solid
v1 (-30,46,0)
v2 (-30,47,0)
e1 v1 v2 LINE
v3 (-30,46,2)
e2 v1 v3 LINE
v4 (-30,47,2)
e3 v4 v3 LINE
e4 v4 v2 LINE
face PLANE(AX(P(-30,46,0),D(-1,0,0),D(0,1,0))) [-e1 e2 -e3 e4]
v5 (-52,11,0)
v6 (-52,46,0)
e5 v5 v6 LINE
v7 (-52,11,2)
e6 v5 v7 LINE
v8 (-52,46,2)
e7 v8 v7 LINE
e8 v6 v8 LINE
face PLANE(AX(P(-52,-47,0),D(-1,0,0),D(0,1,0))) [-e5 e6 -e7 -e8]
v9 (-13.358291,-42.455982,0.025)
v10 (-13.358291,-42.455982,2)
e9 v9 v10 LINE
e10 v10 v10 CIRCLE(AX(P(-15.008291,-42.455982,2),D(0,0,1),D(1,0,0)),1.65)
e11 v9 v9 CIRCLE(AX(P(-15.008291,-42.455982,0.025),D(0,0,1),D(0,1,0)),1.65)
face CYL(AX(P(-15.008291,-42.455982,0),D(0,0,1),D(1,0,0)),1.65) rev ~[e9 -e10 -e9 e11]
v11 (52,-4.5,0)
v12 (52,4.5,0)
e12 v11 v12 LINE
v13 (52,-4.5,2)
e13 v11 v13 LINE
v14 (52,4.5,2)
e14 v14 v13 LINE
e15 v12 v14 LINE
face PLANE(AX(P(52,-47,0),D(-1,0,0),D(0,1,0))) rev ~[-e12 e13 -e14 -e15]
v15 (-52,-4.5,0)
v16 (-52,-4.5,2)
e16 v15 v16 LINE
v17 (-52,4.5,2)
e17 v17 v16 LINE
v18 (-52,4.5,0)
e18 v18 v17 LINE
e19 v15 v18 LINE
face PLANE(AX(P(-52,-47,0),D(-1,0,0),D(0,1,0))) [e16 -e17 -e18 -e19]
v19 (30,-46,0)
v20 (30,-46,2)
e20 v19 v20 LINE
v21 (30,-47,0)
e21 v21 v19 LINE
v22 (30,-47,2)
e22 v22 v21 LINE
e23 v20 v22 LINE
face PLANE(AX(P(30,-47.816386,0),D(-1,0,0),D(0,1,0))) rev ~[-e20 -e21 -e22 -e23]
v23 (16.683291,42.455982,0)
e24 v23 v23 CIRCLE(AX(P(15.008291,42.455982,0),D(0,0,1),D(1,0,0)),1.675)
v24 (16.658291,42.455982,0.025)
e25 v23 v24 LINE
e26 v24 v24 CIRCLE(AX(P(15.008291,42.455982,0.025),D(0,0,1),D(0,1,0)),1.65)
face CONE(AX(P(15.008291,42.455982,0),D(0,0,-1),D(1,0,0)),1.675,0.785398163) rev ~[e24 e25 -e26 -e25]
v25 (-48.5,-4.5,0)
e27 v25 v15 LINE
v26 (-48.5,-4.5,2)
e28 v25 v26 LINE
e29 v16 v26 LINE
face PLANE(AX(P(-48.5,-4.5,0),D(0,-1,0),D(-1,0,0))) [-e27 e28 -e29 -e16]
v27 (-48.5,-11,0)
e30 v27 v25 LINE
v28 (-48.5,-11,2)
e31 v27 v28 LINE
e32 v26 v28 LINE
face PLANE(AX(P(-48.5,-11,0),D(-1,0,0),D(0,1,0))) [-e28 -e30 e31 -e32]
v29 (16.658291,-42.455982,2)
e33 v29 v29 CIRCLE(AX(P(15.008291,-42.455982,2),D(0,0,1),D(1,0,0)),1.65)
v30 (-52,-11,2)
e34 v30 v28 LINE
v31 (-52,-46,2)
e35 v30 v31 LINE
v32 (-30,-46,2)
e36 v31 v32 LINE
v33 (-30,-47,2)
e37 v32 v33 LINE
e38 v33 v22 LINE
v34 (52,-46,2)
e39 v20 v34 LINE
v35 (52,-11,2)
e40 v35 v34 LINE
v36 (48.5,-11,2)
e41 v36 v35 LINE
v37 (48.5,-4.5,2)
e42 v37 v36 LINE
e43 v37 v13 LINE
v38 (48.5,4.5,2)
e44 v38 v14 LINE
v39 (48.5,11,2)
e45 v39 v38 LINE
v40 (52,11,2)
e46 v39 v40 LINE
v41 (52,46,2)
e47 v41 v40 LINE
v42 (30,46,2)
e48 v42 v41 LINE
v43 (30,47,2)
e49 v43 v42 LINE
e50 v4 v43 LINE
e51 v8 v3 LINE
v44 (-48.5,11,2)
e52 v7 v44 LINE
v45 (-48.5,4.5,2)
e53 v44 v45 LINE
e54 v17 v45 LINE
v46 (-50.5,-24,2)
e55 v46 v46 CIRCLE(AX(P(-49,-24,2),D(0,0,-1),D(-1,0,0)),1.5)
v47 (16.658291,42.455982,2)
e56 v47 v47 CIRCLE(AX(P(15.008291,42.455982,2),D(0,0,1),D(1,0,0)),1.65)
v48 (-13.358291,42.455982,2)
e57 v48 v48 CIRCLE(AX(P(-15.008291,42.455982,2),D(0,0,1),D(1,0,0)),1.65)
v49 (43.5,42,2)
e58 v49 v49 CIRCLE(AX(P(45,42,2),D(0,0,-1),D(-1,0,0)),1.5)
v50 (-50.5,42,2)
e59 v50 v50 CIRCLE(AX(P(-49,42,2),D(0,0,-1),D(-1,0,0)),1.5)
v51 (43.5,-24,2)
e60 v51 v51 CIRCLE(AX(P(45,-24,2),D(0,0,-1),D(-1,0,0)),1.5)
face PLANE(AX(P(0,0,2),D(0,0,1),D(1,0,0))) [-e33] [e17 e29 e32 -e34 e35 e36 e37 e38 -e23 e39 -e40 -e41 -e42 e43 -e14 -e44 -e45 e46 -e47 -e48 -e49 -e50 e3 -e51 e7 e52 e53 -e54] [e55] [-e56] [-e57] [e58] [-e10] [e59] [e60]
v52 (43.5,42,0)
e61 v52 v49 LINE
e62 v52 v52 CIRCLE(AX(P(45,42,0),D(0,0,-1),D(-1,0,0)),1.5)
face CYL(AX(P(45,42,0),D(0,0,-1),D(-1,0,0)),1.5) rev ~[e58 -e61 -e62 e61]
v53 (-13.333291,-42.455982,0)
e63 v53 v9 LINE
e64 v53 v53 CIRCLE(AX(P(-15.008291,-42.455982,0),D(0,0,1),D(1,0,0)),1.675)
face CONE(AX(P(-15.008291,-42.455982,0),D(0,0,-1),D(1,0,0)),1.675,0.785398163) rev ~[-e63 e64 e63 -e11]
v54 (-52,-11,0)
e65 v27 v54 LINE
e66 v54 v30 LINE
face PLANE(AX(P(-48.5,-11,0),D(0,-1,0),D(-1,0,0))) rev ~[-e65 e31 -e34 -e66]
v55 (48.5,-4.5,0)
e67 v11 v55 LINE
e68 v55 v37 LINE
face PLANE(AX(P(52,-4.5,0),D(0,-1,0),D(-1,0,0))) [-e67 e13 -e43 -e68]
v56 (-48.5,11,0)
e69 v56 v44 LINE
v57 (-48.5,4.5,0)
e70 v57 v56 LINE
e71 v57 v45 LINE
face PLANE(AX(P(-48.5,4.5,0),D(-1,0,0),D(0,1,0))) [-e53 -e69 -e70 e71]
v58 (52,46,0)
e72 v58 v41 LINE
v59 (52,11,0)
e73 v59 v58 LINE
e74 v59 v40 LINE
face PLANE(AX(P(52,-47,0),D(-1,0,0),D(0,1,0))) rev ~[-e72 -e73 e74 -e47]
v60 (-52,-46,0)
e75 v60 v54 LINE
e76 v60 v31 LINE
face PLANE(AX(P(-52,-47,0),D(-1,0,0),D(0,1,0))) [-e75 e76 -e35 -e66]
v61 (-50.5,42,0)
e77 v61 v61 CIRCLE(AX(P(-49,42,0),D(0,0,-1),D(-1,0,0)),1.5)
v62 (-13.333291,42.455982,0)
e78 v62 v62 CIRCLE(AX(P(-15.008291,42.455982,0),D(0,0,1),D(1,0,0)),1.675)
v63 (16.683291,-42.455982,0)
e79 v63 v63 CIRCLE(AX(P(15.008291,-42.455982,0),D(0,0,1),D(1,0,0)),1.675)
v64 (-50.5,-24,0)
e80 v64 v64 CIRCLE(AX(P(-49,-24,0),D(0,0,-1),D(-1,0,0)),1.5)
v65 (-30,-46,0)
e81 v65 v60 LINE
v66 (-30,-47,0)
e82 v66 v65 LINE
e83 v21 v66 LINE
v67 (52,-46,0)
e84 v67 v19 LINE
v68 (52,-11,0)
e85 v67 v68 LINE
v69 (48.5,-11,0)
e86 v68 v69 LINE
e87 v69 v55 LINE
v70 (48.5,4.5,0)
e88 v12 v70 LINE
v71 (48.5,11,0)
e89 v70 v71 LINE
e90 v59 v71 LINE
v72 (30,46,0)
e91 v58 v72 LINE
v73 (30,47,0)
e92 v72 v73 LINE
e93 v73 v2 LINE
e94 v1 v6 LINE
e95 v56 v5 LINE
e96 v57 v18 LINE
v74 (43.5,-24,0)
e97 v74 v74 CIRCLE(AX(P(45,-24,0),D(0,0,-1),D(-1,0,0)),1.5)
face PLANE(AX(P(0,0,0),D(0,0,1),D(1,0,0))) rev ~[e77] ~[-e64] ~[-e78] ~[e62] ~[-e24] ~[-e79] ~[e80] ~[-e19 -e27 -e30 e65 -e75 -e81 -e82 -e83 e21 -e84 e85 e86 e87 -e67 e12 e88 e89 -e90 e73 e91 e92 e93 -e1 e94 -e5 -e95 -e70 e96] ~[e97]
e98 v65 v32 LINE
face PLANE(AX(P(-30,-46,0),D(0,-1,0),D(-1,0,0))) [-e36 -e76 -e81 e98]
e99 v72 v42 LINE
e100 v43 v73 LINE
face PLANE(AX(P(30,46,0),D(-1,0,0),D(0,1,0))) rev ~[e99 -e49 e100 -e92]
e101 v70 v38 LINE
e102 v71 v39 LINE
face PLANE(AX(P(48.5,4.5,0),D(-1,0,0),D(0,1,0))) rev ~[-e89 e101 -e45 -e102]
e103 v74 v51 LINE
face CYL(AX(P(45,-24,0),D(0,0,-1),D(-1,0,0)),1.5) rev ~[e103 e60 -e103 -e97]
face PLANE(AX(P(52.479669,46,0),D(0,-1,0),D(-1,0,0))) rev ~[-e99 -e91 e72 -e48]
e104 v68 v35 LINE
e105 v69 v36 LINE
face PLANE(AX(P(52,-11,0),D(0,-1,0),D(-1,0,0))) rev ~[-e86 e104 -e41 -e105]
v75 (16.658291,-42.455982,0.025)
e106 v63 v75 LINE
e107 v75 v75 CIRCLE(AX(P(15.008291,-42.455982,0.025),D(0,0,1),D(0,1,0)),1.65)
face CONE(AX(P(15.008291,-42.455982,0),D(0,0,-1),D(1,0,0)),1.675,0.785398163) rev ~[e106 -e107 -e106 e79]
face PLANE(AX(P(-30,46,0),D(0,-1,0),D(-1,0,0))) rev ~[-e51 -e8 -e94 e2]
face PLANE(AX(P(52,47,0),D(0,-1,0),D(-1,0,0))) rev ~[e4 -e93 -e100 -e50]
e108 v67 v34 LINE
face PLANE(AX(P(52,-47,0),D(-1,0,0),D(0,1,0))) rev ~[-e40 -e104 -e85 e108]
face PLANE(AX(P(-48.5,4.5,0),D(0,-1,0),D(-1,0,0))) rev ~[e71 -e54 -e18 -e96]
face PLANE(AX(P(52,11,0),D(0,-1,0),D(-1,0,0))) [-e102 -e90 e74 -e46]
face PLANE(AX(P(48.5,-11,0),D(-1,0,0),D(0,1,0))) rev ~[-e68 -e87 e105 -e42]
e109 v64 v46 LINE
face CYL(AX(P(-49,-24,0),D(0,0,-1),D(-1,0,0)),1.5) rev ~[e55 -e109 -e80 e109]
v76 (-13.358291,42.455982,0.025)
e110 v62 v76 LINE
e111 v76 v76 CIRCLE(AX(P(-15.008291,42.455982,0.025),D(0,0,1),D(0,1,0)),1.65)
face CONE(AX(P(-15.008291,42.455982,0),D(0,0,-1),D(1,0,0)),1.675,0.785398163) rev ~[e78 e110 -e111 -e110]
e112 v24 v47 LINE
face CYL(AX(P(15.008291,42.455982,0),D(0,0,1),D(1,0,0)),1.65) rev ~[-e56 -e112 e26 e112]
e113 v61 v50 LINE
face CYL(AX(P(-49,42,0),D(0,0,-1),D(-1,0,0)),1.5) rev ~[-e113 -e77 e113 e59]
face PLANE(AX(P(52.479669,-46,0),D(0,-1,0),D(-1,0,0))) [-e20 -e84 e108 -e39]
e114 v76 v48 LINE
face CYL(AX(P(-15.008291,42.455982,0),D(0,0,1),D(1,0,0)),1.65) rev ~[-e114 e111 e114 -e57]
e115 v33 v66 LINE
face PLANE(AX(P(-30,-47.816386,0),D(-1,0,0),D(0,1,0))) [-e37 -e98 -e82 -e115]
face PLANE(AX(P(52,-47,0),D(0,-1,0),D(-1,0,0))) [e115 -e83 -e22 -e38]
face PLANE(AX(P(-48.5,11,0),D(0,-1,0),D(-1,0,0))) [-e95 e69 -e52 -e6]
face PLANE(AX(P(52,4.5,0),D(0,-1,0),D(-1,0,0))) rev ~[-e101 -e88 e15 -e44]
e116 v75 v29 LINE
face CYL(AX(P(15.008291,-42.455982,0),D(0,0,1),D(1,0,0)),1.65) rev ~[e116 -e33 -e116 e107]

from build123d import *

# Parameters (mm, degrees)
SKETCH1_W                             = 106
SKETCH1_H                             = 95
BOSS_EXTRUDE1_DEPTH                   = 2
SKETCH4_W                             = 128.277926748
SKETCH4_H                             = 110.461548034
SKETCH4_W_2                           = 104
SKETCH4_H_2                           = 94
CUT_EXTRUDE1_DEPTH                    = 10
SKETCH6_W                             = 3.5
SKETCH6_H                             = 6.5
SKETCH6_W_2                           = 22.479668753
SKETCH6_H_2                           = 1.816385789
CUT_EXTRUDE2_DEPTH                    = 5
SKETCH8_R                             = 1.5
CUT_EXTRUDE3_DEPTH                    = 5
TAP_DRILL_FOR_M4X0_7_TAP2_D           = 3.3
TAP_DRILL_FOR_M4X0_7_TAP2_DEPTH       = 10
TAP_DRILL_FOR_M4X0_7_TAP2_CSINK_D     = 3.35
TAP_DRILL_FOR_M4X0_7_TAP2_CSINK_ANGLE = 90
TAP_DRILL_FOR_M4X0_7_TAP2_TIP         = 0.991420021


with BuildPart() as part:
    # Sketch1 → Boss-Extrude1 (new body)
    with BuildSketch(Plane.XY):
        Rectangle(SKETCH1_W, SKETCH1_H)
    extrude(amount=BOSS_EXTRUDE1_DEPTH)

    # Sketch4 → Cut-Extrude1 (cut)
    with BuildSketch(Plane(origin=(0, 0, 0), x_dir=(-1, 0, 0), z_dir=(0, 0, -1))):
        Rectangle(SKETCH4_W, SKETCH4_H)
        Rectangle(SKETCH4_W_2, SKETCH4_H_2, mode=Mode.SUBTRACT)
    extrude(amount=-CUT_EXTRUDE1_DEPTH, mode=Mode.SUBTRACT)

    # Sketch6 → Cut-Extrude2 (cut)
    with BuildSketch(Plane(origin=(0, 0, 0), x_dir=(-1, 0, 0), z_dir=(0, 0, -1))):
        with Locations((-50.25, -7.75)):
            Rectangle(SKETCH6_W, SKETCH6_H)
        with Locations((-50.25, 7.75)):
            Rectangle(SKETCH6_W, SKETCH6_H)
        with Locations((50.25, -7.75)):
            Rectangle(SKETCH6_W, SKETCH6_H)
        with Locations((50.25, 7.75)):
            Rectangle(SKETCH6_W, SKETCH6_H)
        with Locations((-41.239834377, -46.908192895)):
            Rectangle(SKETCH6_W_2, SKETCH6_H_2)
        with Locations((41.239834377, -46.908192895)):
            Rectangle(SKETCH6_W_2, SKETCH6_H_2)
        with Locations((-41.239834377, 46.908192895)):
            Rectangle(SKETCH6_W_2, SKETCH6_H_2)
        with Locations((41.239834377, 46.908192895)):
            Rectangle(SKETCH6_W_2, SKETCH6_H_2)
    extrude(amount=-CUT_EXTRUDE2_DEPTH, mode=Mode.SUBTRACT)

    # Sketch8 → Cut-Extrude3 (cut)
    with BuildSketch(Plane(origin=(0, 0, 0), x_dir=(-1, 0, 0), z_dir=(0, 0, -1))):
        with Locations((-45, 42)):
            Circle(SKETCH8_R)
        with Locations((-45, -24)):
            Circle(SKETCH8_R)
        with Locations((49, 42)):
            Circle(SKETCH8_R)
        with Locations((49, -24)):
            Circle(SKETCH8_R)
    extrude(amount=-CUT_EXTRUDE3_DEPTH, mode=Mode.SUBTRACT)

    # Tap Drill for M4x0.7 Tap2
    with Locations(Plane(origin=(0, 0, 0), x_dir=(-1, 0, 0), z_dir=(0, 0, -1))):
        with Locations((-15.008290978, 42.455982414), (-15.008290978, -42.455982414), (15.008290978, -42.455982414), (15.008290978, 42.455982414)):
            CounterSinkHole(TAP_DRILL_FOR_M4X0_7_TAP2_D / 2, TAP_DRILL_FOR_M4X0_7_TAP2_CSINK_D / 2, depth=TAP_DRILL_FOR_M4X0_7_TAP2_DEPTH, counter_sink_angle=TAP_DRILL_FOR_M4X0_7_TAP2_CSINK_ANGLE)
            with Locations((0, 0, -(TAP_DRILL_FOR_M4X0_7_TAP2_DEPTH + TAP_DRILL_FOR_M4X0_7_TAP2_TIP / 2))):  # 118° drill point
                Cone(0, TAP_DRILL_FOR_M4X0_7_TAP2_D / 2, TAP_DRILL_FOR_M4X0_7_TAP2_TIP, mode=Mode.SUBTRACT)


solid = part.part
